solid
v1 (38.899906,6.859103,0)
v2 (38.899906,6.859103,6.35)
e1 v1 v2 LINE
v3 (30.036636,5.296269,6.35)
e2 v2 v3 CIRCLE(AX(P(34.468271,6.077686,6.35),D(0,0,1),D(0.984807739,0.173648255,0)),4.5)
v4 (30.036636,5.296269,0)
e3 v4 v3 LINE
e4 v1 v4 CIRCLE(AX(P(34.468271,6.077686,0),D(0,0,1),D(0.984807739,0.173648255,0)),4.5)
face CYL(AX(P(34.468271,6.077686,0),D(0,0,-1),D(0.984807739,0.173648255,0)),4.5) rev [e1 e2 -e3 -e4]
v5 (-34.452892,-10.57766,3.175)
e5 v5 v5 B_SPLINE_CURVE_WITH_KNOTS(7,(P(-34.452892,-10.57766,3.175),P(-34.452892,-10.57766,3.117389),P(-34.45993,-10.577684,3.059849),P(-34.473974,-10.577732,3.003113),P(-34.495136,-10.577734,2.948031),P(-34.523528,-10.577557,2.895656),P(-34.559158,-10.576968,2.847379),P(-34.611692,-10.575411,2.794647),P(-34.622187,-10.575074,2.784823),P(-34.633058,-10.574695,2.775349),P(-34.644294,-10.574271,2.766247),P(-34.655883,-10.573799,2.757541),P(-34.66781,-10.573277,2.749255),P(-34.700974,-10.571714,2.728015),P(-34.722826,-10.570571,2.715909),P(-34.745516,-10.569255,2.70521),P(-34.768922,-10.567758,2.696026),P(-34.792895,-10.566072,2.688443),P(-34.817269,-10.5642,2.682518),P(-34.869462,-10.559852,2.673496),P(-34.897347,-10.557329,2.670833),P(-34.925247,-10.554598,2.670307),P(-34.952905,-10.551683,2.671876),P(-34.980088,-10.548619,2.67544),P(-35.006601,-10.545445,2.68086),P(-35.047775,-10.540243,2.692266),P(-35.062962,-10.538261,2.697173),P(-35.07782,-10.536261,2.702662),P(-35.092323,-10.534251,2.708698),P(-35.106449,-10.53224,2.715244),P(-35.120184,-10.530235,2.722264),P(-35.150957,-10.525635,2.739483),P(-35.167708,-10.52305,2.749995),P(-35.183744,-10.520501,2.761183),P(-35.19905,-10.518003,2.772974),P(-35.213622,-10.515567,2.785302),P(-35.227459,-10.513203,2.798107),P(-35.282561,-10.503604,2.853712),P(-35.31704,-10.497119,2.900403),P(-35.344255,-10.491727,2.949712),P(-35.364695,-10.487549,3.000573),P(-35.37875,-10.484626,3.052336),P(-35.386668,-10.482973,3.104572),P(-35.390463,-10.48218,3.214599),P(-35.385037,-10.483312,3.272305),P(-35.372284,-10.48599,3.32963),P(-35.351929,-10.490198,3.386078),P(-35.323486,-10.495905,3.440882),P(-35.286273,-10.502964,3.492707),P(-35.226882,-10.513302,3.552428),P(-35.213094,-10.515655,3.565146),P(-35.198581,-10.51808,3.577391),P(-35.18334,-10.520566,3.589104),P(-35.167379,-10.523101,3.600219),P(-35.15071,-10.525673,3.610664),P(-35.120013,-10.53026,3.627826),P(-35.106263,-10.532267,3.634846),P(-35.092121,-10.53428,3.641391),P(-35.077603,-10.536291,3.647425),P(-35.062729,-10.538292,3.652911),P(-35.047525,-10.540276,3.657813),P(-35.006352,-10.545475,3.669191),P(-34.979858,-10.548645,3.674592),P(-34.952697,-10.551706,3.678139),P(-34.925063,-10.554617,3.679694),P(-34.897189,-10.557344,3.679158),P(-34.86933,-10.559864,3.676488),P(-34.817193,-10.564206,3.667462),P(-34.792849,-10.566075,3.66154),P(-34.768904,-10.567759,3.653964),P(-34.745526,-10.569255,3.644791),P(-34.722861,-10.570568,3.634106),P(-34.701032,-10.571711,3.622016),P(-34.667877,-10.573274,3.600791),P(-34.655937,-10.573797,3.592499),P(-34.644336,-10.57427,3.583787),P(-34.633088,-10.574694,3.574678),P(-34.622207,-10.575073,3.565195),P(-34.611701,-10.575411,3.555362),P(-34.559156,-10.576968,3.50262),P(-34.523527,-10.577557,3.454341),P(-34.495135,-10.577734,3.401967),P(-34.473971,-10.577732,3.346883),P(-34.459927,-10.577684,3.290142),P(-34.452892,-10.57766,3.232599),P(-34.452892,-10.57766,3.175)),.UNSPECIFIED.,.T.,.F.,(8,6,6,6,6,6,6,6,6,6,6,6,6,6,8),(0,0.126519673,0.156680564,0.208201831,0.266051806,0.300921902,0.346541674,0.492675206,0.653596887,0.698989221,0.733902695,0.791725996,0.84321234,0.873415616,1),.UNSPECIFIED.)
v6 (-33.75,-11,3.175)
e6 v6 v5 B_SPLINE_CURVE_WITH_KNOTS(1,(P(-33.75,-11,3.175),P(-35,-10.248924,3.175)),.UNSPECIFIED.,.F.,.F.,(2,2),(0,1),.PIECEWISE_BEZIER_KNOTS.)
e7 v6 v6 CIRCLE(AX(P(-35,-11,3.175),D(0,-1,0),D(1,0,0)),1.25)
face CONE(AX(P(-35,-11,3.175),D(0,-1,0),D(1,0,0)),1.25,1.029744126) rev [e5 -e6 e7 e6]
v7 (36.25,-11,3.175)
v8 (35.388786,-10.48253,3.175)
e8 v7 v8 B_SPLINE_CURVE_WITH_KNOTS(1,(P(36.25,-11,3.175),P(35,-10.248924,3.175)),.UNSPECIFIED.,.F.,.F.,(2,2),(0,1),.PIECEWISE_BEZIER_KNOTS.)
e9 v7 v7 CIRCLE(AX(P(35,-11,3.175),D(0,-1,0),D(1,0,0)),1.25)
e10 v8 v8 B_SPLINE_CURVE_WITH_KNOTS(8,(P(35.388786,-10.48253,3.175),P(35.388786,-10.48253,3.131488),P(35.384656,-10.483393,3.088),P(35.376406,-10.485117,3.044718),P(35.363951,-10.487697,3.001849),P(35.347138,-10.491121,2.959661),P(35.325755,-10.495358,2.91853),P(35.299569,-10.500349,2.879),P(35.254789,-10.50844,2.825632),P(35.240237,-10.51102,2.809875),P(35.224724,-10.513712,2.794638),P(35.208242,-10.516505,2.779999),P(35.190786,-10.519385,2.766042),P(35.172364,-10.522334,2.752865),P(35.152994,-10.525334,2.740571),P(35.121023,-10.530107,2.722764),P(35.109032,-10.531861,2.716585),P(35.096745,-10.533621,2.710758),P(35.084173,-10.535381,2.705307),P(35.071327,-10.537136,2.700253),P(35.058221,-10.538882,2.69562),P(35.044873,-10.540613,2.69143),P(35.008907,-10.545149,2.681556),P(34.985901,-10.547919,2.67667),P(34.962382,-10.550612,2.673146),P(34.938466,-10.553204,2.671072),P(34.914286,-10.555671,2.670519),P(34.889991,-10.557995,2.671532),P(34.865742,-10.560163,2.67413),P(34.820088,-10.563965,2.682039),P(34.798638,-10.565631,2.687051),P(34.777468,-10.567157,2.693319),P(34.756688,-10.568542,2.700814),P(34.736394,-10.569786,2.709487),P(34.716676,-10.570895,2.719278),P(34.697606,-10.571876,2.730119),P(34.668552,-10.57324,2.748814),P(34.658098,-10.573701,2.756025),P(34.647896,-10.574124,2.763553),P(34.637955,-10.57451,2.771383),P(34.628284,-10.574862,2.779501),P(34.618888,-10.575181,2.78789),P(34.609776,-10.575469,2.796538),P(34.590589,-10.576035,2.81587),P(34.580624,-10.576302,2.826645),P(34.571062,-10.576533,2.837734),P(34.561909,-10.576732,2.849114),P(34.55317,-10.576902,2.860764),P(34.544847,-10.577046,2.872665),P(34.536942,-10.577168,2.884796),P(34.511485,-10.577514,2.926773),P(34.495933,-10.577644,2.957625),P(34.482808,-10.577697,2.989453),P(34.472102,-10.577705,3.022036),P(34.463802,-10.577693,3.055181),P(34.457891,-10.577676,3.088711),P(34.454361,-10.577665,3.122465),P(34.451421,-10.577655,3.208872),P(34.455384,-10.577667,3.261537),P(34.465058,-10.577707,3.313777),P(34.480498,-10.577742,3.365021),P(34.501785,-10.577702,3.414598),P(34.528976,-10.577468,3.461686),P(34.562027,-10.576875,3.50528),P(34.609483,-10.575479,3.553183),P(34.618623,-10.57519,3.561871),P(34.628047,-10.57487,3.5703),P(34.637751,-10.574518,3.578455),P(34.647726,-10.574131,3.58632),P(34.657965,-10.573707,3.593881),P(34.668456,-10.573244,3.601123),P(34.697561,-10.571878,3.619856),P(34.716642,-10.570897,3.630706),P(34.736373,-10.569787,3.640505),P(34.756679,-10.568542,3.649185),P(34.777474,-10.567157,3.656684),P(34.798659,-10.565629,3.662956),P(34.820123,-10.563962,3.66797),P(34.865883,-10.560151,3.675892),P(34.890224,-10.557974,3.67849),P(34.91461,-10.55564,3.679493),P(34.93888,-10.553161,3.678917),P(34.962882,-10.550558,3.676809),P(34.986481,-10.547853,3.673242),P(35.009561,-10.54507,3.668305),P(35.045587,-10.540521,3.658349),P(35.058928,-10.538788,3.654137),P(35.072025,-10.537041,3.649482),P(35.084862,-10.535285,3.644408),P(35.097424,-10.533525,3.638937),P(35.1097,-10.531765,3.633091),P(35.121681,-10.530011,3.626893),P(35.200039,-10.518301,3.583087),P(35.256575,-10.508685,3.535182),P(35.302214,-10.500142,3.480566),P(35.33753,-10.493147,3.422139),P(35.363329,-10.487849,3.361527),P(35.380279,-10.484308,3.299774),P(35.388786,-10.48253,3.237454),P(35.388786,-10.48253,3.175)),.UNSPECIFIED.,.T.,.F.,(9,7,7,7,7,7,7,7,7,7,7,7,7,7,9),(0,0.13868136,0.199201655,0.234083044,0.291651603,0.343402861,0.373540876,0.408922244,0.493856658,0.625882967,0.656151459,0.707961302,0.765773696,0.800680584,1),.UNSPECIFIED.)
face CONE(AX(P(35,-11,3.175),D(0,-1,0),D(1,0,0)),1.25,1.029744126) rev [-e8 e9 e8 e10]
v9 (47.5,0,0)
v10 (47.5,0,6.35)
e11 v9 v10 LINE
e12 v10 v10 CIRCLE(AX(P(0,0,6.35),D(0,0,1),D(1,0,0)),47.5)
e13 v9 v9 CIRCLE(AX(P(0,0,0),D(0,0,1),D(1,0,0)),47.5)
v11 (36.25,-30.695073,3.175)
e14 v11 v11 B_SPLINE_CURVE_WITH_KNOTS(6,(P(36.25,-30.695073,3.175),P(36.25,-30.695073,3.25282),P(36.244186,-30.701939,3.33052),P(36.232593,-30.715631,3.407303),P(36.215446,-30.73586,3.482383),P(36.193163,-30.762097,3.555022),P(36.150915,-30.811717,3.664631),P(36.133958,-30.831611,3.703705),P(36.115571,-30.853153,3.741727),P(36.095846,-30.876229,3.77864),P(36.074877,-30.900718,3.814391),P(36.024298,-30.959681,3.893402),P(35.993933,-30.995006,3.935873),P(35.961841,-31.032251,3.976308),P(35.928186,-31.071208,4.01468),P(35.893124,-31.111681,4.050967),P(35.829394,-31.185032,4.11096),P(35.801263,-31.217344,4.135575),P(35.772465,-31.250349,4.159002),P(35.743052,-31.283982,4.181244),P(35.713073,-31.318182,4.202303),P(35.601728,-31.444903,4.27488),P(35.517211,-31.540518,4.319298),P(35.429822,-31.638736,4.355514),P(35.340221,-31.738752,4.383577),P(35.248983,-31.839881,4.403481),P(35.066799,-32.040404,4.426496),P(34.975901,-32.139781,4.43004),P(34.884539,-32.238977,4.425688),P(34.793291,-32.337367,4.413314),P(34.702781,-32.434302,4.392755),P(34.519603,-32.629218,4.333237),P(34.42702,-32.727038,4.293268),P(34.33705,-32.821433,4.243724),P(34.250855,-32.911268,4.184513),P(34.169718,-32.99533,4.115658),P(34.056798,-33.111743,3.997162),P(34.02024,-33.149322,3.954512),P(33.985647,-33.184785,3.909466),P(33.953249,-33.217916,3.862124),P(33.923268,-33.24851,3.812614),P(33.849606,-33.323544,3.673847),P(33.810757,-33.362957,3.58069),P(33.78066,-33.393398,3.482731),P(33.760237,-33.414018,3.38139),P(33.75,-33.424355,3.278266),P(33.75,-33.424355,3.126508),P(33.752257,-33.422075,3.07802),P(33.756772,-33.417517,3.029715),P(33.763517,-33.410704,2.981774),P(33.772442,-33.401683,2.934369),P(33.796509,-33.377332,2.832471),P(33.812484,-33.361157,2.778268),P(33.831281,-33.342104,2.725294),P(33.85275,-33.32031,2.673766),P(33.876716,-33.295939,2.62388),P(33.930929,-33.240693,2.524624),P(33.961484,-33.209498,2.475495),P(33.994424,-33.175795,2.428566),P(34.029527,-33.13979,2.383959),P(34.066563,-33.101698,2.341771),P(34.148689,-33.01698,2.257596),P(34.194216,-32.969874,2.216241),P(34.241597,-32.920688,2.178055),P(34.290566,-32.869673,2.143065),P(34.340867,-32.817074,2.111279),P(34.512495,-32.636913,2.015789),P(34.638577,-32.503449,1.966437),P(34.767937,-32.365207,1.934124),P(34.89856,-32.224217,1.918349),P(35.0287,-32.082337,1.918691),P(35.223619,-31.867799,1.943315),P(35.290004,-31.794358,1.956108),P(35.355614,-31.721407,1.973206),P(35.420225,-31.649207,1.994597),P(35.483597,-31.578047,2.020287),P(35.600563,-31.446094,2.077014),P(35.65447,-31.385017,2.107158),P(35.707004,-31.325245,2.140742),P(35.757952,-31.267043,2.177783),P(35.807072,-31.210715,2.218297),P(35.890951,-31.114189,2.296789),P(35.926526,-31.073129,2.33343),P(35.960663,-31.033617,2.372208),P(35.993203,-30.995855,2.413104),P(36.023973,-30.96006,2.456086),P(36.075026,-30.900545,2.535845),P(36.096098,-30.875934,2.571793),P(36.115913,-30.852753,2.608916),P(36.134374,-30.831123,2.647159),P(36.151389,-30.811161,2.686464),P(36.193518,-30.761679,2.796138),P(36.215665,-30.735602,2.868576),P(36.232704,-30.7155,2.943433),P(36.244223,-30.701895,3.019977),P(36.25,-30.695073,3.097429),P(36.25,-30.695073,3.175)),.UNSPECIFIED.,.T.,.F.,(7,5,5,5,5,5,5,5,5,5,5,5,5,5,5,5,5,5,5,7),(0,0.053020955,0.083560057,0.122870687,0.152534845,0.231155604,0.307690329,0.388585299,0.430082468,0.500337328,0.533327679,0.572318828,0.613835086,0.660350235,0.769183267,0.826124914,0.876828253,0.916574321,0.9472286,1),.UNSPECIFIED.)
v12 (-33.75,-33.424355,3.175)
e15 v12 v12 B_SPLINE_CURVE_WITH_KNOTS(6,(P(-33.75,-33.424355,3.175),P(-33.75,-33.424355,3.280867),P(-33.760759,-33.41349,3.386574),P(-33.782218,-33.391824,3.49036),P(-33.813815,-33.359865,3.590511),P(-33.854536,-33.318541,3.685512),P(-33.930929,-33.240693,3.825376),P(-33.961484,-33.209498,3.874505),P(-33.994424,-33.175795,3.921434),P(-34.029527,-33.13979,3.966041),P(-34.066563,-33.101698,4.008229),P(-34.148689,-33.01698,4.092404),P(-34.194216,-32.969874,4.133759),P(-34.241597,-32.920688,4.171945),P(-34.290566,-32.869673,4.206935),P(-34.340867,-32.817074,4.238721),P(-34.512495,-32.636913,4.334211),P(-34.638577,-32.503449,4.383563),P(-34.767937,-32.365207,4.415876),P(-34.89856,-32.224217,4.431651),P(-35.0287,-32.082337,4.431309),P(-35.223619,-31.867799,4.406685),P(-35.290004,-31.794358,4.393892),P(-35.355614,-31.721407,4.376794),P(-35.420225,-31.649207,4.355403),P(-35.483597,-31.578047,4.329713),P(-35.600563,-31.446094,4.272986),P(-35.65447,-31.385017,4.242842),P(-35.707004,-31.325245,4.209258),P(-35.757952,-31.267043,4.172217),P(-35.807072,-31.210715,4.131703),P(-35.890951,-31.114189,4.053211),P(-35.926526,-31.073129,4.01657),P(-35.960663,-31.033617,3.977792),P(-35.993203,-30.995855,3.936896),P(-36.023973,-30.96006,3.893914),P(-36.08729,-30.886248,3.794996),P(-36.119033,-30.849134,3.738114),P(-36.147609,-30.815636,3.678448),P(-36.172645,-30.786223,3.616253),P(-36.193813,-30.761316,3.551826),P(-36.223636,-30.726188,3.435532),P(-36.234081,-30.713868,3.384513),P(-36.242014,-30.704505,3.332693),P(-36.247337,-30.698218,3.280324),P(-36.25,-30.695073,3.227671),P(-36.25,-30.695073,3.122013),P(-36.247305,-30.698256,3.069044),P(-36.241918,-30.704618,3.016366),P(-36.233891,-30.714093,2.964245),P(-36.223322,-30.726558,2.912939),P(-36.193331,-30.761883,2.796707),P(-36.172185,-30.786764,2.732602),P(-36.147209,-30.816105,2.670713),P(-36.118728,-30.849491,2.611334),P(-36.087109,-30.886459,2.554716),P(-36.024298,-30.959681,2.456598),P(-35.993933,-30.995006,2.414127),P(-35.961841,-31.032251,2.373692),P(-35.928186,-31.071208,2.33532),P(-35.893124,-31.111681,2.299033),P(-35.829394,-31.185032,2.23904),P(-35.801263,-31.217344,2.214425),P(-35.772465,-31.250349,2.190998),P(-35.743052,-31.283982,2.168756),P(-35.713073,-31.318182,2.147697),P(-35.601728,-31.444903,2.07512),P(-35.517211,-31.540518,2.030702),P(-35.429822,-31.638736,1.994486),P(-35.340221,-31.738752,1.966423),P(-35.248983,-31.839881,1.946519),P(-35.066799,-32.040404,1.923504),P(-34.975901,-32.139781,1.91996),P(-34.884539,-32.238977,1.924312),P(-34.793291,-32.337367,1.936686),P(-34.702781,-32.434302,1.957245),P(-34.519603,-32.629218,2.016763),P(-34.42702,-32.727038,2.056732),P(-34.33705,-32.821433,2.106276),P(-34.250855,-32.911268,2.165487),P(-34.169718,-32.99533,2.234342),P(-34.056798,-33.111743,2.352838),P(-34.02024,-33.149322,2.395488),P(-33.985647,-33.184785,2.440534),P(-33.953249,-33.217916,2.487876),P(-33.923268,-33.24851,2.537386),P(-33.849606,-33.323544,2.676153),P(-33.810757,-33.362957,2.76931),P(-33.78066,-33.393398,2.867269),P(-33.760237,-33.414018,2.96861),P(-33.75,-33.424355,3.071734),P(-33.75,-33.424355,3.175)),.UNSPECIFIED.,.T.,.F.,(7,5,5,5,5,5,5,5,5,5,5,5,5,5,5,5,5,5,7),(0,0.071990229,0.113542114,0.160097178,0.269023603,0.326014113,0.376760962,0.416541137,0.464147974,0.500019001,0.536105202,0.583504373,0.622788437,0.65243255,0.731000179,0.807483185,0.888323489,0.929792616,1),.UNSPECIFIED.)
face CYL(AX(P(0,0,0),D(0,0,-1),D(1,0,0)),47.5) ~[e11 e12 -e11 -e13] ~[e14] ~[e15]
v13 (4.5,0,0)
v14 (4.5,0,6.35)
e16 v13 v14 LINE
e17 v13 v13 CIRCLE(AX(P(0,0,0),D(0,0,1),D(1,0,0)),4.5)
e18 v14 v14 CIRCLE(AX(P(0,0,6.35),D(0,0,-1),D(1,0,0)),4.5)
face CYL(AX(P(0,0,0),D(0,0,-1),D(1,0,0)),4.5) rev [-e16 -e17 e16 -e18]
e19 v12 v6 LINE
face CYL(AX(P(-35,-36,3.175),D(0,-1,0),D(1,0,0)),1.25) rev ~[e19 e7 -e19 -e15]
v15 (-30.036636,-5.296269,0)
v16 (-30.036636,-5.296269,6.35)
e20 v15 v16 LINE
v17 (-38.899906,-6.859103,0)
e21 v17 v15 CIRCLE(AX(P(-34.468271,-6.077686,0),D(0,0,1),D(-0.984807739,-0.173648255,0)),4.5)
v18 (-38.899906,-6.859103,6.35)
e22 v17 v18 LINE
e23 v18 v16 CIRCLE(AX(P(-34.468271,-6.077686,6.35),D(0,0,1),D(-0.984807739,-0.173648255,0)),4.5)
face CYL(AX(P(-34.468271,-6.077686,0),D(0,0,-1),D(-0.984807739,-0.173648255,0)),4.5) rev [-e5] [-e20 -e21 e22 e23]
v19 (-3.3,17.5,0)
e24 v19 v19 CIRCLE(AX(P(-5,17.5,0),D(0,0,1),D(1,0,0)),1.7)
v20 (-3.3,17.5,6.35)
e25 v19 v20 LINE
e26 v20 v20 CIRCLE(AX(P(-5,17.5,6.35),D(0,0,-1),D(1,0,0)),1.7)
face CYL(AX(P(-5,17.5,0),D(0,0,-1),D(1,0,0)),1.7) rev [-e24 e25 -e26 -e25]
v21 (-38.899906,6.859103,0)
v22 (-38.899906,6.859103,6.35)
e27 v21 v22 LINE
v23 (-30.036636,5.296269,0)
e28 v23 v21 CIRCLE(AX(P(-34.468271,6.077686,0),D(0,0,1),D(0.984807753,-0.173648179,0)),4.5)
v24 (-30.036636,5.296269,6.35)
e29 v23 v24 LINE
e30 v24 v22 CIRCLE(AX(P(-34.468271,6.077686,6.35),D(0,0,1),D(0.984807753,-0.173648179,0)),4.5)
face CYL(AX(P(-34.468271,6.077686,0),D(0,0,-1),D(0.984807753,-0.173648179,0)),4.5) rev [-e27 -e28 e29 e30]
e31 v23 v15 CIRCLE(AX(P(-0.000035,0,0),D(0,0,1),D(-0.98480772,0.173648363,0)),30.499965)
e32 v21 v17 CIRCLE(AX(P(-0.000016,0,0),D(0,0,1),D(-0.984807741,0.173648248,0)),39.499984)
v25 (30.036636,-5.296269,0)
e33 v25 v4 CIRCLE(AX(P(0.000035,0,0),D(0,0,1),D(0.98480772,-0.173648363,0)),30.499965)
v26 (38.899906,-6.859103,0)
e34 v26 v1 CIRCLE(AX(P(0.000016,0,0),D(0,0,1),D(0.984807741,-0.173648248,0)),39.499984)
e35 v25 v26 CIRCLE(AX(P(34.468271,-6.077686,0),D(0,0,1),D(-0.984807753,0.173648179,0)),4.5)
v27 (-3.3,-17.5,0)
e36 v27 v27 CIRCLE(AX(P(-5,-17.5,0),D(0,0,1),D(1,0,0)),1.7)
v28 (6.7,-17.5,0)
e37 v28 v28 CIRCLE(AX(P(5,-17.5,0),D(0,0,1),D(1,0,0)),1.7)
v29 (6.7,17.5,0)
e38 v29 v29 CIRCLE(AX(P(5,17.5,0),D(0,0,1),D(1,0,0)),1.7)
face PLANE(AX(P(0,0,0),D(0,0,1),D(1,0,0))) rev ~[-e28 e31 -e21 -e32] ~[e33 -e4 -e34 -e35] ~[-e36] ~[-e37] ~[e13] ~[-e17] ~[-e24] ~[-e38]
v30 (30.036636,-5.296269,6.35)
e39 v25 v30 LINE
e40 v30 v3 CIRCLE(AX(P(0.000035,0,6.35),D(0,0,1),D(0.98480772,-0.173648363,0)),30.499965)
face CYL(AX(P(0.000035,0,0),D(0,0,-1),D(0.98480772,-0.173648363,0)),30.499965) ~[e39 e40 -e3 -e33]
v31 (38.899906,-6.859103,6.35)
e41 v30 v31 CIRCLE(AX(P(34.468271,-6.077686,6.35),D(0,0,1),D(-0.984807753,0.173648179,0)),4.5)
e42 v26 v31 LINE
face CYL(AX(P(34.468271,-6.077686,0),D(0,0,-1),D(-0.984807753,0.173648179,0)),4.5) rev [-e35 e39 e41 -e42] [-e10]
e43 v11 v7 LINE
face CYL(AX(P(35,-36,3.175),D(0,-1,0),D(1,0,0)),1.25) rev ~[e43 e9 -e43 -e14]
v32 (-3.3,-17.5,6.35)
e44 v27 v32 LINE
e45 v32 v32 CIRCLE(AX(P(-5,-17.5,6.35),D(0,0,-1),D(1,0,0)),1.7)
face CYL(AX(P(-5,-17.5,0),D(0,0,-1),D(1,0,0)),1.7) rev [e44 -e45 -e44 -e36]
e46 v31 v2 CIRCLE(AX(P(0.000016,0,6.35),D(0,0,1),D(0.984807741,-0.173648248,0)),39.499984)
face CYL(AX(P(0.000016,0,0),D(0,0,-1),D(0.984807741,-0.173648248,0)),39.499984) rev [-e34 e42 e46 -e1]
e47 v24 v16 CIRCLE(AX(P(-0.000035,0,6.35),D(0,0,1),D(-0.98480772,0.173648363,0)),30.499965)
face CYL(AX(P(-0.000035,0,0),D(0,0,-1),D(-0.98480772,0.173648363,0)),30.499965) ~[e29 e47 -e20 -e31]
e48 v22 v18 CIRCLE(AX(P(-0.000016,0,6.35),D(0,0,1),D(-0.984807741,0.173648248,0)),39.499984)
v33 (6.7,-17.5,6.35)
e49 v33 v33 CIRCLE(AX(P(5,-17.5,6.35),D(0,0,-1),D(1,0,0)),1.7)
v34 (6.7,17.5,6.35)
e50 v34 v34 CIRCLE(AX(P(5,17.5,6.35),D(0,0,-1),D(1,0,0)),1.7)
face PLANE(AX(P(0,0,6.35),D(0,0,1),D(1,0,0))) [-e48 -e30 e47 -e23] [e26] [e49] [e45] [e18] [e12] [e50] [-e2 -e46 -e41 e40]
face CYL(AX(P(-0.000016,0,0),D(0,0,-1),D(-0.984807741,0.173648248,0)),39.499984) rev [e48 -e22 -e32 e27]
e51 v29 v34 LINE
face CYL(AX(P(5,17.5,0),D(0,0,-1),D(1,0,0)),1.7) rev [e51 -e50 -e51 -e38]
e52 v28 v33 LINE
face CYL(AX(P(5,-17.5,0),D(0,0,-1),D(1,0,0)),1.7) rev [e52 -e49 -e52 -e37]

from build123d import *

# Parameters (mm, degrees)
SKETCH_R       = 47.5
PAD_DEPTH      = 6.35
SKETCH001_R    = 4.5
HOLE_DEPTH     = 6.351
SKETCH002_R    = 1.7
HOLE001_DEPTH  = 25
SKETCH003_R    = 1.25
HOLE002_DEPTH  = 25
HOLE002_TIPS_R = 1.25


with BuildPart() as part:
    # Sketch → Pad (new body)
    with BuildSketch(Plane.XY):
        Circle(SKETCH_R)
        with BuildLine():
            ThreePointArc((-38.899906, 6.859103), (-39.5, 0), (-38.899906, -6.859103))
            ThreePointArc((-38.899906, -6.859103), (-33.686855, -10.509321), (-30.036636, -5.296269))
            ThreePointArc((-30.036636, 5.296269), (-30.5, 0), (-30.036636, -5.296269))
            ThreePointArc((-30.036636, 5.296269), (-33.686855, 10.509321), (-38.899906, 6.859103))
        make_face(mode=Mode.SUBTRACT)
        with BuildLine():
            ThreePointArc((30.036636, -5.296269), (30.5, 0), (30.036636, 5.296269))
            ThreePointArc((38.899906, 6.859103), (33.686855, 10.509321), (30.036636, 5.296269))
            ThreePointArc((38.899906, -6.859103), (39.5, 0), (38.899906, 6.859103))
            ThreePointArc((30.036636, -5.296269), (33.686855, -10.509321), (38.899906, -6.859103))
        make_face(mode=Mode.SUBTRACT)
    extrude(amount=PAD_DEPTH)

    # Sketch001 → Hole (cut, through all)
    with BuildSketch(Plane.XY):
        Circle(SKETCH001_R)
    extrude(amount=HOLE_DEPTH, mode=Mode.SUBTRACT)

    # Sketch002 → Hole001 (cut)
    with BuildSketch(Plane.XY):
        with Locations((-5, -17.5)):
            Circle(SKETCH002_R)
        with Locations((5, -17.5)):
            Circle(SKETCH002_R)
        with Locations((5, 17.5)):
            Circle(SKETCH002_R)
        with Locations((-5, 17.5)):
            Circle(SKETCH002_R)
    extrude(amount=HOLE001_DEPTH, mode=Mode.SUBTRACT)

    # Sketch003 → Hole002 (cut)
    with BuildSketch(Plane.XZ.offset(36)):
        with Locations((-35, 3.175)):
            Circle(SKETCH003_R)
        with Locations((35, 3.175)):
            Circle(SKETCH003_R)
    extrude(amount=-HOLE002_DEPTH, mode=Mode.SUBTRACT)

    # Hole002 tips → Hole002 tip 1 section 0
    with BuildSketch(Plane.XZ.offset(11), mode=Mode.PRIVATE) as hole002_tip_1_s0:
        with Locations((-35, 3.175)):
            Circle(HOLE002_TIPS_R)
    loft([hole002_tip_1_s0.sketch, Vertex(-35, -10.248924, 3.175)], mode=Mode.SUBTRACT)

    # Hole002 tips → Hole002 tip 2 section 0
    with BuildSketch(Plane.XZ.offset(11), mode=Mode.PRIVATE) as hole002_tip_2_s0:
        with Locations((35, 3.175)):
            Circle(HOLE002_TIPS_R)
    loft([hole002_tip_2_s0.sketch, Vertex(35, -10.248924, 3.175)], mode=Mode.SUBTRACT)


solid = part.part
